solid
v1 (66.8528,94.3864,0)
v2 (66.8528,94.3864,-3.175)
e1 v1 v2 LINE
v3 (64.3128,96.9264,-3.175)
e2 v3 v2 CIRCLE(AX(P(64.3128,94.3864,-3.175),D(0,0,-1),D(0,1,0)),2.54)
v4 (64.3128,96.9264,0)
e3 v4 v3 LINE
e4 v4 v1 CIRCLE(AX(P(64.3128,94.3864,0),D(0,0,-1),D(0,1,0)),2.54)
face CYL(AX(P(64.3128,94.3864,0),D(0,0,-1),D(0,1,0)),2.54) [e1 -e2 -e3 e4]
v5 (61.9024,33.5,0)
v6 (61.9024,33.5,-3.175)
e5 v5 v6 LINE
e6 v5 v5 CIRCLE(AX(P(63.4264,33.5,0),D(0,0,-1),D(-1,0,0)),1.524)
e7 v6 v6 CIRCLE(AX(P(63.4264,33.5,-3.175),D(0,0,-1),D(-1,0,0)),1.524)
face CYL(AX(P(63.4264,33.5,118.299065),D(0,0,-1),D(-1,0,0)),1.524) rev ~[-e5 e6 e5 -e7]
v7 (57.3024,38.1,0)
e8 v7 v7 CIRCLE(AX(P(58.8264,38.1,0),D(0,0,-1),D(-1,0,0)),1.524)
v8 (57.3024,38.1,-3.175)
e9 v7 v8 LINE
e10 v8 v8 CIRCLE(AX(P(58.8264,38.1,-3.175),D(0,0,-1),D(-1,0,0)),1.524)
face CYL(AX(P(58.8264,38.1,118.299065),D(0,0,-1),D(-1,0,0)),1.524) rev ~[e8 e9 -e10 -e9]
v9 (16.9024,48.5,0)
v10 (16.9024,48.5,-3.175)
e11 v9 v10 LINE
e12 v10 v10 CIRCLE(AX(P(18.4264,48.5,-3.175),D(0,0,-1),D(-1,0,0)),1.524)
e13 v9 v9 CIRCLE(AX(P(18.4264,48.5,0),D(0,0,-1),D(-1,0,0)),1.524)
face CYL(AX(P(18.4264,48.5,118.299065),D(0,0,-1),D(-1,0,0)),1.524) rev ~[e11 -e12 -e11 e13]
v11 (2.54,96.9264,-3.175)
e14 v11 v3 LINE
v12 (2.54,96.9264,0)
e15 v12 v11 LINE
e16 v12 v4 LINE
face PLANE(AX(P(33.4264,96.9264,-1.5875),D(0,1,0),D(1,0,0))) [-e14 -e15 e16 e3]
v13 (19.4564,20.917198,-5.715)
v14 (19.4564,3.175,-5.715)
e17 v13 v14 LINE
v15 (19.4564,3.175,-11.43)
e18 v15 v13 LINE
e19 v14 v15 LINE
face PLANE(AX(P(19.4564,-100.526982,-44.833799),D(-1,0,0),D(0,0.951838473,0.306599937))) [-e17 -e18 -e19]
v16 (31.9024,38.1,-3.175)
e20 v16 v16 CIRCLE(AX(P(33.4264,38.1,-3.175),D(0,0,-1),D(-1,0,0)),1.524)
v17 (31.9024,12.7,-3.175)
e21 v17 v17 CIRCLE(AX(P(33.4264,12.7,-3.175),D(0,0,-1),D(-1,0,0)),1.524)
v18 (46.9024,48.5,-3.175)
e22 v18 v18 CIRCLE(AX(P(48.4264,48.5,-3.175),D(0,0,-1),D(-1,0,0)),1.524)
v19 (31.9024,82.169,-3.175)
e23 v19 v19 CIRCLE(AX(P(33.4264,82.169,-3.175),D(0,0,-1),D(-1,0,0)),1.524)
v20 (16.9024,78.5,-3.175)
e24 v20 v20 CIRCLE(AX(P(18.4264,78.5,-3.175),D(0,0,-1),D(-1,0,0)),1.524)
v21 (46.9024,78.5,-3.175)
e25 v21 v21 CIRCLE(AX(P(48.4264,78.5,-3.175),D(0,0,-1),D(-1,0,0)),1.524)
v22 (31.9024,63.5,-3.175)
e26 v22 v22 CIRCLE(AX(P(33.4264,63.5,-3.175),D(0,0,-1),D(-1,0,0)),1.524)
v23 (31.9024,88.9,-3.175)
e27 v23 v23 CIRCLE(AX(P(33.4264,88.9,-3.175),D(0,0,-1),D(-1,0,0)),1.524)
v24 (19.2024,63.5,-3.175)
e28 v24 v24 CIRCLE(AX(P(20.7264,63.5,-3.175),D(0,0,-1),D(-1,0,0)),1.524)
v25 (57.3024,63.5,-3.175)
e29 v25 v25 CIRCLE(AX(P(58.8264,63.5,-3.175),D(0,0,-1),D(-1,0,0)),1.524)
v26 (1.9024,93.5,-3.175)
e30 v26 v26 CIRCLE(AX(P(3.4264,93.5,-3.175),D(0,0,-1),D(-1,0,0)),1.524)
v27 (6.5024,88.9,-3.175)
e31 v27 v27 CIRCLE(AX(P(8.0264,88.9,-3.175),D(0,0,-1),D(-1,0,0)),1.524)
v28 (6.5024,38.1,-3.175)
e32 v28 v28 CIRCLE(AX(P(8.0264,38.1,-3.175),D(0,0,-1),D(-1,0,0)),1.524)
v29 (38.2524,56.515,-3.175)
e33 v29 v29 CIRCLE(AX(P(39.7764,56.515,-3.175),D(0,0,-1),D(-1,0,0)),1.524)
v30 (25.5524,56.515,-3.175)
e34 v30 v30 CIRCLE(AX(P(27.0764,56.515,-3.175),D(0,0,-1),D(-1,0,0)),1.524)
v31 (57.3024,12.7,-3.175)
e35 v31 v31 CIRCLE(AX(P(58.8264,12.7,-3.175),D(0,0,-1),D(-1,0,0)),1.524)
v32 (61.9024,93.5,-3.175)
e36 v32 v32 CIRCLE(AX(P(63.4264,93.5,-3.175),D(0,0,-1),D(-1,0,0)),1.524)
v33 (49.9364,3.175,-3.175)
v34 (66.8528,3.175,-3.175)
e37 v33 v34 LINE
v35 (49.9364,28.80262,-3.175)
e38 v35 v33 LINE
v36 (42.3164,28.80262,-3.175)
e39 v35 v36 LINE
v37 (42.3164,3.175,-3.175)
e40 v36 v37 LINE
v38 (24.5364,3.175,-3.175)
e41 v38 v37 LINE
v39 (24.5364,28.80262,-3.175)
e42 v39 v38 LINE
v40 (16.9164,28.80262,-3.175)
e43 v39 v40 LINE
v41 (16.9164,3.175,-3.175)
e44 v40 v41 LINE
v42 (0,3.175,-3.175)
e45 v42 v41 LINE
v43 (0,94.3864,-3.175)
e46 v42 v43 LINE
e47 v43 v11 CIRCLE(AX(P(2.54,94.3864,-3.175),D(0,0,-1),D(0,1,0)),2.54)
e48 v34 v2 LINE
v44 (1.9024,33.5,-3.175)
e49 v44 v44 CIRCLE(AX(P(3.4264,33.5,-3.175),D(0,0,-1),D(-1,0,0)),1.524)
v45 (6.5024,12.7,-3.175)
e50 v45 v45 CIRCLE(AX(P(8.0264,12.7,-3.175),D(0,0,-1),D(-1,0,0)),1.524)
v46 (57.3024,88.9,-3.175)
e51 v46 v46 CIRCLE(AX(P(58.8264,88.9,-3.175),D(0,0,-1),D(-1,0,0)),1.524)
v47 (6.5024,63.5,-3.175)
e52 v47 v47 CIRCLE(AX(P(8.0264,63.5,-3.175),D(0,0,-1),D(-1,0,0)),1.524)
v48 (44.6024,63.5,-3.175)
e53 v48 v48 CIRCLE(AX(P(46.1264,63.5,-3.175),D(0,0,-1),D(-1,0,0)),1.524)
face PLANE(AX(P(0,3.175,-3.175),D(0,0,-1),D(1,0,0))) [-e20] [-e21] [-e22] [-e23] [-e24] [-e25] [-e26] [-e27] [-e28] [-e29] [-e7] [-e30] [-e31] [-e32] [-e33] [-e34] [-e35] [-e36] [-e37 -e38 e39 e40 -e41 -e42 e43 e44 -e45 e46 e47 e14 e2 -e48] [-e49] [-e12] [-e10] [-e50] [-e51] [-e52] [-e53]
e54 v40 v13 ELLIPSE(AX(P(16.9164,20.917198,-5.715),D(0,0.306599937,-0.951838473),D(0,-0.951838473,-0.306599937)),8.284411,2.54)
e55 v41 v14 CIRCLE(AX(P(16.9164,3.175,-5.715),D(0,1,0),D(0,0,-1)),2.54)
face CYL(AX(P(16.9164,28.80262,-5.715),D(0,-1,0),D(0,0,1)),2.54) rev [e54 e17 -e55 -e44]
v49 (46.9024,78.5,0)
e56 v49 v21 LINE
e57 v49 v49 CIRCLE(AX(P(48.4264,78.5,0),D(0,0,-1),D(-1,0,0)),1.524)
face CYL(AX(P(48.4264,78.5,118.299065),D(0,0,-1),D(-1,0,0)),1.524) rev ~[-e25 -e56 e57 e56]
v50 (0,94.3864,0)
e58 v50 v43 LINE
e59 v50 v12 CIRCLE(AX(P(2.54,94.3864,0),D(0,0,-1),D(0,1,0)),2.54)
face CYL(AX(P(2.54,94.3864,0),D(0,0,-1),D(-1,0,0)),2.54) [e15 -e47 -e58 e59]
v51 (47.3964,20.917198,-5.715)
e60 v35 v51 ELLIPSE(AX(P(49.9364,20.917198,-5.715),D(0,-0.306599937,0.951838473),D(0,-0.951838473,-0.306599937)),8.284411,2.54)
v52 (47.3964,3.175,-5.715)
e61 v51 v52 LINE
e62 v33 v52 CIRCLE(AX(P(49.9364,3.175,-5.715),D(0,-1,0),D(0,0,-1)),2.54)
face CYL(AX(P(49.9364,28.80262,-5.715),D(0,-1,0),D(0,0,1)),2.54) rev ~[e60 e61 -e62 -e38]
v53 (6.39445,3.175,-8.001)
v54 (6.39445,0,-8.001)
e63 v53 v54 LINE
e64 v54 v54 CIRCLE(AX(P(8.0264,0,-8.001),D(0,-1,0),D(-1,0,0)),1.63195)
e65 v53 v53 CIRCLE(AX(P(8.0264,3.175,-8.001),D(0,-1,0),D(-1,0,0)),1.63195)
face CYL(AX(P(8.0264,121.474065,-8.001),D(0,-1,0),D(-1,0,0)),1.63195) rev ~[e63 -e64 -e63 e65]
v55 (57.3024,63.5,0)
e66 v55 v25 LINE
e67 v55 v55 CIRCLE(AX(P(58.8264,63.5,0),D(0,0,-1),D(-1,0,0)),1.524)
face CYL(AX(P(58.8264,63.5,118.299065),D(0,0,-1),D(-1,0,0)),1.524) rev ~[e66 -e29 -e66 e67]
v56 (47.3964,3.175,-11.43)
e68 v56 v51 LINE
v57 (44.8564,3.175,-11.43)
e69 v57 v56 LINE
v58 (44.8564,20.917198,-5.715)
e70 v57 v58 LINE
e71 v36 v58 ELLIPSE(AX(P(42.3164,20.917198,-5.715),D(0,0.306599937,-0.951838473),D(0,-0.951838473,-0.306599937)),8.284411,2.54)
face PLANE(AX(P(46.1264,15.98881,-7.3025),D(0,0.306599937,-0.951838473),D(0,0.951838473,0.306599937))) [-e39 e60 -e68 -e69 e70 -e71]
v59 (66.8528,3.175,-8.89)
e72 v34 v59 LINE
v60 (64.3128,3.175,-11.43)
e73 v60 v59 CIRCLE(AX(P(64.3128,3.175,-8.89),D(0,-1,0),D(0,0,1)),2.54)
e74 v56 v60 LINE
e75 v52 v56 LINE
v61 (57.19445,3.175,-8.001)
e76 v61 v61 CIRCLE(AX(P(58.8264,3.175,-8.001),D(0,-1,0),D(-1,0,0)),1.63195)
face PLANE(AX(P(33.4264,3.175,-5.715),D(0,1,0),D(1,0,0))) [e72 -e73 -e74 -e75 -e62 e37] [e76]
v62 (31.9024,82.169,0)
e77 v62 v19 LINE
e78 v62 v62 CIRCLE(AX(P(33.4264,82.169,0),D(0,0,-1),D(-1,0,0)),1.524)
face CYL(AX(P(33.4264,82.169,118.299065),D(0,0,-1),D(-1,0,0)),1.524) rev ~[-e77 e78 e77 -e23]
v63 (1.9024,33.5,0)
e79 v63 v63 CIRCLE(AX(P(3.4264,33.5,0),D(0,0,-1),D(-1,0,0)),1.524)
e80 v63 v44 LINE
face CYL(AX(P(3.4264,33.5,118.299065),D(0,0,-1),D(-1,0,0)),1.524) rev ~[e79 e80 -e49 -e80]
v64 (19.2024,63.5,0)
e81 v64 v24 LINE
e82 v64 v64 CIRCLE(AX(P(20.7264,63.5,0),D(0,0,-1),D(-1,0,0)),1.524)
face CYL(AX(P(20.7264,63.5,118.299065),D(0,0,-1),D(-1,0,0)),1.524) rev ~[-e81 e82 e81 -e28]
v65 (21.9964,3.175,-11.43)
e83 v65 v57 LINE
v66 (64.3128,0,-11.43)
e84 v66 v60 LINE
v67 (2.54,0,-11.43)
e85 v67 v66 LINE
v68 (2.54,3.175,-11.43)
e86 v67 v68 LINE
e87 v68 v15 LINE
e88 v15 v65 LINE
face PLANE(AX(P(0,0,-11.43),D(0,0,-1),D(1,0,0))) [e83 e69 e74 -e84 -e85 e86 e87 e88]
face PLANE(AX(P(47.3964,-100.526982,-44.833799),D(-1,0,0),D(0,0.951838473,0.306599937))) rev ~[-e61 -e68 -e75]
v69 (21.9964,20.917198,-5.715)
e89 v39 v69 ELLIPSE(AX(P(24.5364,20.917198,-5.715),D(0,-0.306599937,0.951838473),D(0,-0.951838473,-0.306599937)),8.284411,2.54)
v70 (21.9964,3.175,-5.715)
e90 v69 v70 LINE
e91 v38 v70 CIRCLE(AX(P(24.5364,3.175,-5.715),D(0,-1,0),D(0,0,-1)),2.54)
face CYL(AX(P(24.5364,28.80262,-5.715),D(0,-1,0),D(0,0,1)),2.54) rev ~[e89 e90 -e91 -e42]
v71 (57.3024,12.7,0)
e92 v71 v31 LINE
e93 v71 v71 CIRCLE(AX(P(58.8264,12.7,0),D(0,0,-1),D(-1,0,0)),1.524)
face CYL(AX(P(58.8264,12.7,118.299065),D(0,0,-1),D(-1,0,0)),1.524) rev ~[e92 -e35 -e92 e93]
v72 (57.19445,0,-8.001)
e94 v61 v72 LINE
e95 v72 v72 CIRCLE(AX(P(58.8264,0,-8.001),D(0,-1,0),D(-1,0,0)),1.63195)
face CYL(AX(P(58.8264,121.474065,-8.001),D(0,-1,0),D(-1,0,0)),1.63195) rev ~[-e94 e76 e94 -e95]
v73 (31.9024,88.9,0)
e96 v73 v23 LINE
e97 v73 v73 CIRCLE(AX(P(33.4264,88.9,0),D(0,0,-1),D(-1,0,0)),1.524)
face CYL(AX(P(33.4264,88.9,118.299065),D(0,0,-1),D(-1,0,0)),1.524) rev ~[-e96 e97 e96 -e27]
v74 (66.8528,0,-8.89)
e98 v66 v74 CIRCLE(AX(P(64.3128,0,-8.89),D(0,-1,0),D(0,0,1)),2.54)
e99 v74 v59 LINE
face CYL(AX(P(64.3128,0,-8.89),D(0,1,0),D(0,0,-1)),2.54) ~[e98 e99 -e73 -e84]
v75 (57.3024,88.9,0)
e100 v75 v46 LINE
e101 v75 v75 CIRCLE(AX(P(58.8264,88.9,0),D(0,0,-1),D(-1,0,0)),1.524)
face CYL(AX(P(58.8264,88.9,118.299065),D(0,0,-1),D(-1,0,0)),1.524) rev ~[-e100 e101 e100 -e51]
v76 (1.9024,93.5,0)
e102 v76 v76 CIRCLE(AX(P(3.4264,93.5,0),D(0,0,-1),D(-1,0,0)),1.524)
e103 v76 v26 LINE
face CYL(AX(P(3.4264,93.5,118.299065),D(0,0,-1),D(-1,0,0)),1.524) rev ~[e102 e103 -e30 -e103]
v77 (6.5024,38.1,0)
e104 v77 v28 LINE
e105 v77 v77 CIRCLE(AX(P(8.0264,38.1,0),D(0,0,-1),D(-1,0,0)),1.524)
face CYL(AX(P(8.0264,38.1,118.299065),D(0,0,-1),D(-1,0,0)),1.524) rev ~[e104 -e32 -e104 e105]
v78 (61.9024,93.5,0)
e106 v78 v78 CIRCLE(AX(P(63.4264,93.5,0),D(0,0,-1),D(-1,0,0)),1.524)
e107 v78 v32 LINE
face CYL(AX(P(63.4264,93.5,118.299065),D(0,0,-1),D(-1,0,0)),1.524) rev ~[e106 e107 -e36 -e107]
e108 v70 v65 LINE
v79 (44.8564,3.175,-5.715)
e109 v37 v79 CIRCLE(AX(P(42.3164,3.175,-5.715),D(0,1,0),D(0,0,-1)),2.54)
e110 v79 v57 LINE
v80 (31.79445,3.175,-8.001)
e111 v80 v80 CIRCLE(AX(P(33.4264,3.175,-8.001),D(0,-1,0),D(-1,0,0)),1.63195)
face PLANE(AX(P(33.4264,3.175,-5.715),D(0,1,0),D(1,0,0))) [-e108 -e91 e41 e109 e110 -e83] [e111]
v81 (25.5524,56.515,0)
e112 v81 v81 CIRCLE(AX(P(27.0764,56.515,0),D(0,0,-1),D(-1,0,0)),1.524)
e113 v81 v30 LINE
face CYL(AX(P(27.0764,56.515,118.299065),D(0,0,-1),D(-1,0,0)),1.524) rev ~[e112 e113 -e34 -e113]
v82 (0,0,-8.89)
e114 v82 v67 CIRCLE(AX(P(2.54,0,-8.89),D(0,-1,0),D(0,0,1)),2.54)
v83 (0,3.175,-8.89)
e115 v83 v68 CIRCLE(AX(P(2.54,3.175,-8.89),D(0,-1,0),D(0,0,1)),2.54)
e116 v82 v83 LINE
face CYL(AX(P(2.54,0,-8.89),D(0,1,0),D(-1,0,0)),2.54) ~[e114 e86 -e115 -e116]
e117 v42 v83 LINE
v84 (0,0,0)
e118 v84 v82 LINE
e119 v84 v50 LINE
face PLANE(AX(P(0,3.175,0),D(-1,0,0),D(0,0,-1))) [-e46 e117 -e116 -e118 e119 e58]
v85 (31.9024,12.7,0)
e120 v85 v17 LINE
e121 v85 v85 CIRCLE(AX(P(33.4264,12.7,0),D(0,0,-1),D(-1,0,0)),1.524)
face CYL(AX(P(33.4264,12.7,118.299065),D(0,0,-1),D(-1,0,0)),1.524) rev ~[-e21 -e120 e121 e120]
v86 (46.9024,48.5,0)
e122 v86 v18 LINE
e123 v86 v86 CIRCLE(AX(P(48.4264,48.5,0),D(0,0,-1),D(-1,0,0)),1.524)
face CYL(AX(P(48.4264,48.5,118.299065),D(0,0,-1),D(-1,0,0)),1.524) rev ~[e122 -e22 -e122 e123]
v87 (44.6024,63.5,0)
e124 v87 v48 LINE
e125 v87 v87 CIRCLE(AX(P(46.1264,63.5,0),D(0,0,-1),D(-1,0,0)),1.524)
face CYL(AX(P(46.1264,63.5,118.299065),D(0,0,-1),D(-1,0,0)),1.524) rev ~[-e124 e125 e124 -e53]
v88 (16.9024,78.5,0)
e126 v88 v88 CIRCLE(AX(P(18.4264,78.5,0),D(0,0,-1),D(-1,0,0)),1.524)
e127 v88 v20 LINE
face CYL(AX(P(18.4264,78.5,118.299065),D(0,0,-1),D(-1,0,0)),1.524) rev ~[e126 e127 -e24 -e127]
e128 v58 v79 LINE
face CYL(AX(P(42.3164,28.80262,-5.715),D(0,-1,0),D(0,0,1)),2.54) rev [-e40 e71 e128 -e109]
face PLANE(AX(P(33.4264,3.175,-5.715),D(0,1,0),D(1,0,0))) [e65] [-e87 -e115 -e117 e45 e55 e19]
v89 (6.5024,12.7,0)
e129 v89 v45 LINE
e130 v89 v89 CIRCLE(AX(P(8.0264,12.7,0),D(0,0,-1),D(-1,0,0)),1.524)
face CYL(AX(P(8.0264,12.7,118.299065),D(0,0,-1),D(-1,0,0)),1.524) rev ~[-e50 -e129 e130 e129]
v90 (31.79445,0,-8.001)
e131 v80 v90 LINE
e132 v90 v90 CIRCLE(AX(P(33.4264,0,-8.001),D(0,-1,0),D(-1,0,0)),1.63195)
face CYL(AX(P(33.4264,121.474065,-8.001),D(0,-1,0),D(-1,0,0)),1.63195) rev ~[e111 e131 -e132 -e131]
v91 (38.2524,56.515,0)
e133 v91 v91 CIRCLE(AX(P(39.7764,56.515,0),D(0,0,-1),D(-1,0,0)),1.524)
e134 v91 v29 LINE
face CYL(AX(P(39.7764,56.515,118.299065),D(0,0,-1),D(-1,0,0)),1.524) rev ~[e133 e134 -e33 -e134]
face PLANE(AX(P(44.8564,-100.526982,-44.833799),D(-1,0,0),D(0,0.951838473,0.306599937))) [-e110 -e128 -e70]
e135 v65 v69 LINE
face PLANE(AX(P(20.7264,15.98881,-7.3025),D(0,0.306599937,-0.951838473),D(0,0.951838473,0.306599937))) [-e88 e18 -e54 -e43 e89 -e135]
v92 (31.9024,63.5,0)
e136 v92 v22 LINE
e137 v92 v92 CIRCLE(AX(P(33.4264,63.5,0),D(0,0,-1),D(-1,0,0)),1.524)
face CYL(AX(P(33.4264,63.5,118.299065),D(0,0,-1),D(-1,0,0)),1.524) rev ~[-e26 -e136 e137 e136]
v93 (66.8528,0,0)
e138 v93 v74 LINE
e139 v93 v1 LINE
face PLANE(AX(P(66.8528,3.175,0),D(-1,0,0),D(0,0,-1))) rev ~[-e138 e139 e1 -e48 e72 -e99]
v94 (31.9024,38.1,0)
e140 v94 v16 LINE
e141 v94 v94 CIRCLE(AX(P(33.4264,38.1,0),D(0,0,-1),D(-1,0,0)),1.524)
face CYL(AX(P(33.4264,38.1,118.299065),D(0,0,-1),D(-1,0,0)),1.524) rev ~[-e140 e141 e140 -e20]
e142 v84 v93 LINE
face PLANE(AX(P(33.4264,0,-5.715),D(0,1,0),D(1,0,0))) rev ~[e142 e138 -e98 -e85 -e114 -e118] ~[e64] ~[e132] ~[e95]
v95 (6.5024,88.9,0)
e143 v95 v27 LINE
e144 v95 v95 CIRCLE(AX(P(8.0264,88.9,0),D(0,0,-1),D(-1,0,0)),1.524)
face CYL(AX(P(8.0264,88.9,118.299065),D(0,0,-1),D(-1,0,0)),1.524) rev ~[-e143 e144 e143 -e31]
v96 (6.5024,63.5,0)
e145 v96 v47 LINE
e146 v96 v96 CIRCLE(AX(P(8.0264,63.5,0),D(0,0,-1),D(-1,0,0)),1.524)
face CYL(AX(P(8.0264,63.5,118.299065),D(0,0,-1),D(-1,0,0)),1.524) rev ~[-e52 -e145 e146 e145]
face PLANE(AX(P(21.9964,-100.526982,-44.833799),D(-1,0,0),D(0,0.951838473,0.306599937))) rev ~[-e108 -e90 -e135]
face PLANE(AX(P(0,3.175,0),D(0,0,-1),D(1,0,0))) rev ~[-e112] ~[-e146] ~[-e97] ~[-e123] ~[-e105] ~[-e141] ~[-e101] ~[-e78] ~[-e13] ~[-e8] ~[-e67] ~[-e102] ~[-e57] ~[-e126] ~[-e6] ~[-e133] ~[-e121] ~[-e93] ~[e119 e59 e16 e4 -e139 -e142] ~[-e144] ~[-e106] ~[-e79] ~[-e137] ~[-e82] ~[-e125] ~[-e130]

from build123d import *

# Parameters (mm, degrees)
SKETCH1_W                        = 66.8528
SKETCH1_H                        = 11.43
BOSS_EXTRUDE1_DEPTH              = 3.175
SKETCH2_W                        = 66.8528
SKETCH2_H                        = 3.175
BOSS_EXTRUDE2_DEPTH              = 93.7514
TAPPED_HOLE_FOR_4_40_HELICOIL1_D = 3.048
LPATTERN1_COUNT                  = 3
LPATTERN1_PITCH                  = 25.4
LPATTERN1_COUNT_DIR2             = 4
LPATTERN1_PITCH_DIR2             = 25.4
F_30_0_1285_DIAMETER_HOLE1_D     = 3.2639
RIB3_REACH                       = 109.949
SKETCH15_WALL_W                  = 244.822615678
SKETCH15_WALL_H                  = 2.54
RIB4_REACH                       = 109.949
SKETCH16_WALL_W                  = 244.822615678
SKETCH16_WALL_H                  = 2.54
TAPPED_HOLE_FOR_4_40_HELICOIL3_D = 3.048
FILLET1_R                        = 2.54
TAPPED_HOLE_FOR_4_40_HELICOIL4_D = 3.048


with BuildPart() as part:
    # Sketch1 → Boss-Extrude1 (new body)
    with BuildSketch(Plane(origin=(0, 0, 0), x_dir=(1, 0, 0), z_dir=(0, 1, 0))):
        with Locations((33.4264, 5.715)):
            Rectangle(SKETCH1_W, SKETCH1_H)
    extrude(amount=BOSS_EXTRUDE1_DEPTH)

    # Sketch2 → Boss-Extrude2 (add)
    with BuildSketch(Plane(origin=(0, 3.175, 0), x_dir=(1, 0, 0), z_dir=(0, 1, 0))):
        with Locations((33.4264, 1.5875)):
            Rectangle(SKETCH2_W, SKETCH2_H)
    extrude(amount=BOSS_EXTRUDE2_DEPTH)

    # Tapped Hole for #4-40 Helicoil1 (through all)
    with Locations(Plane.XY):
        with Locations((8.0264, 88.9)):
            tapped_hole_for_4_40_helicoil1 = Hole(TAPPED_HOLE_FOR_4_40_HELICOIL1_D / 2)

    # LPattern1: Tapped Hole for _4-40 Helicoil1 3 × 4
    with Locations(*[(i * LPATTERN1_PITCH, -j * LPATTERN1_PITCH_DIR2, 0) for i in range(LPATTERN1_COUNT) for j in range(LPATTERN1_COUNT_DIR2) if (i, j) != (0, 0)]):
        add(tapped_hole_for_4_40_helicoil1, mode=Mode.SUBTRACT)

    # #30 (0.1285) Diameter Hole1 (through all)
    with Locations(Plane(origin=(0, 3.175, 0), x_dir=(1, 0, 0), z_dir=(0, 1, 0))):
        with Locations((8.0264, 8.001), (33.4264, 8.001), (58.8264, 8.001)):
            Hole(F_30_0_1285_DIAMETER_HOLE1_D / 2)

    # Sketch15 wall → Rib3 (add, up to next)
    with BuildSketch(Plane(origin=(46.1264, 15.988809865, -7.3025), x_dir=(0, 0.951838472973, 0.306599937001), z_dir=(0, 0.306599937001, -0.951838472973)), mode=Mode.PRIVATE) as rib3_sk1:
        Rectangle(SKETCH15_WALL_W, SKETCH15_WALL_H)
    rib3_tool1 = extrude(rib3_sk1.sketch, amount=-RIB3_REACH, mode=Mode.PRIVATE) - part.part
    add(rib3_tool1.solids().sort_by_distance((46.1264, 15.988809865, -7.3025))[0])

    # Sketch16 wall → Rib4 (add, up to next)
    with BuildSketch(Plane(origin=(20.7264, 15.988809865, -7.3025), x_dir=(0, 0.951838472973, 0.306599937001), z_dir=(0, 0.306599937001, -0.951838472973)), mode=Mode.PRIVATE) as rib4_sk1:
        Rectangle(SKETCH16_WALL_W, SKETCH16_WALL_H)
    rib4_tool1 = extrude(rib4_sk1.sketch, amount=-RIB4_REACH, mode=Mode.PRIVATE) - part.part
    add(rib4_tool1.solids().sort_by_distance((20.7264, 15.988809865, -7.3025))[0])

    # Tapped Hole for #4-40 Helicoil3 (through all)
    with Locations(Plane.XY):
        with Locations((27.0764, 56.515), (39.7764, 56.515), (33.4264, 82.169), (20.7264, 63.5), (46.1264, 63.5)):
            Hole(TAPPED_HOLE_FOR_4_40_HELICOIL3_D / 2)

    # Fillet1
    fillet1_edges = [part.edges().sort_by_distance(p)[0] for p in [
        (21.9964, 15.988809865, -3.175),
        (19.4564, 15.988809865, -3.175),
        (66.8528, 96.9264, -1.5875),
        (0, 96.9264, -1.5875),
        (0, 1.5875, -11.43),
        (66.8528, 1.5875, -11.43),
        (47.3964, 15.988809865, -3.175),
        (44.8564, 15.988809865, -3.175),
    ]]
    fillet(fillet1_edges, radius=FILLET1_R)

    # Tapped Hole for #4-40 Helicoil4 (through all)
    with Locations(Plane.XY):
        with Locations((3.4264, 93.5), (3.4264, 33.5), (63.4264, 33.5), (63.4264, 93.5), (18.4264, 78.5), (48.4264, 78.5), (48.4264, 48.5), (18.4264, 48.5)):
            Hole(TAPPED_HOLE_FOR_4_40_HELICOIL4_D / 2)


solid = part.part
